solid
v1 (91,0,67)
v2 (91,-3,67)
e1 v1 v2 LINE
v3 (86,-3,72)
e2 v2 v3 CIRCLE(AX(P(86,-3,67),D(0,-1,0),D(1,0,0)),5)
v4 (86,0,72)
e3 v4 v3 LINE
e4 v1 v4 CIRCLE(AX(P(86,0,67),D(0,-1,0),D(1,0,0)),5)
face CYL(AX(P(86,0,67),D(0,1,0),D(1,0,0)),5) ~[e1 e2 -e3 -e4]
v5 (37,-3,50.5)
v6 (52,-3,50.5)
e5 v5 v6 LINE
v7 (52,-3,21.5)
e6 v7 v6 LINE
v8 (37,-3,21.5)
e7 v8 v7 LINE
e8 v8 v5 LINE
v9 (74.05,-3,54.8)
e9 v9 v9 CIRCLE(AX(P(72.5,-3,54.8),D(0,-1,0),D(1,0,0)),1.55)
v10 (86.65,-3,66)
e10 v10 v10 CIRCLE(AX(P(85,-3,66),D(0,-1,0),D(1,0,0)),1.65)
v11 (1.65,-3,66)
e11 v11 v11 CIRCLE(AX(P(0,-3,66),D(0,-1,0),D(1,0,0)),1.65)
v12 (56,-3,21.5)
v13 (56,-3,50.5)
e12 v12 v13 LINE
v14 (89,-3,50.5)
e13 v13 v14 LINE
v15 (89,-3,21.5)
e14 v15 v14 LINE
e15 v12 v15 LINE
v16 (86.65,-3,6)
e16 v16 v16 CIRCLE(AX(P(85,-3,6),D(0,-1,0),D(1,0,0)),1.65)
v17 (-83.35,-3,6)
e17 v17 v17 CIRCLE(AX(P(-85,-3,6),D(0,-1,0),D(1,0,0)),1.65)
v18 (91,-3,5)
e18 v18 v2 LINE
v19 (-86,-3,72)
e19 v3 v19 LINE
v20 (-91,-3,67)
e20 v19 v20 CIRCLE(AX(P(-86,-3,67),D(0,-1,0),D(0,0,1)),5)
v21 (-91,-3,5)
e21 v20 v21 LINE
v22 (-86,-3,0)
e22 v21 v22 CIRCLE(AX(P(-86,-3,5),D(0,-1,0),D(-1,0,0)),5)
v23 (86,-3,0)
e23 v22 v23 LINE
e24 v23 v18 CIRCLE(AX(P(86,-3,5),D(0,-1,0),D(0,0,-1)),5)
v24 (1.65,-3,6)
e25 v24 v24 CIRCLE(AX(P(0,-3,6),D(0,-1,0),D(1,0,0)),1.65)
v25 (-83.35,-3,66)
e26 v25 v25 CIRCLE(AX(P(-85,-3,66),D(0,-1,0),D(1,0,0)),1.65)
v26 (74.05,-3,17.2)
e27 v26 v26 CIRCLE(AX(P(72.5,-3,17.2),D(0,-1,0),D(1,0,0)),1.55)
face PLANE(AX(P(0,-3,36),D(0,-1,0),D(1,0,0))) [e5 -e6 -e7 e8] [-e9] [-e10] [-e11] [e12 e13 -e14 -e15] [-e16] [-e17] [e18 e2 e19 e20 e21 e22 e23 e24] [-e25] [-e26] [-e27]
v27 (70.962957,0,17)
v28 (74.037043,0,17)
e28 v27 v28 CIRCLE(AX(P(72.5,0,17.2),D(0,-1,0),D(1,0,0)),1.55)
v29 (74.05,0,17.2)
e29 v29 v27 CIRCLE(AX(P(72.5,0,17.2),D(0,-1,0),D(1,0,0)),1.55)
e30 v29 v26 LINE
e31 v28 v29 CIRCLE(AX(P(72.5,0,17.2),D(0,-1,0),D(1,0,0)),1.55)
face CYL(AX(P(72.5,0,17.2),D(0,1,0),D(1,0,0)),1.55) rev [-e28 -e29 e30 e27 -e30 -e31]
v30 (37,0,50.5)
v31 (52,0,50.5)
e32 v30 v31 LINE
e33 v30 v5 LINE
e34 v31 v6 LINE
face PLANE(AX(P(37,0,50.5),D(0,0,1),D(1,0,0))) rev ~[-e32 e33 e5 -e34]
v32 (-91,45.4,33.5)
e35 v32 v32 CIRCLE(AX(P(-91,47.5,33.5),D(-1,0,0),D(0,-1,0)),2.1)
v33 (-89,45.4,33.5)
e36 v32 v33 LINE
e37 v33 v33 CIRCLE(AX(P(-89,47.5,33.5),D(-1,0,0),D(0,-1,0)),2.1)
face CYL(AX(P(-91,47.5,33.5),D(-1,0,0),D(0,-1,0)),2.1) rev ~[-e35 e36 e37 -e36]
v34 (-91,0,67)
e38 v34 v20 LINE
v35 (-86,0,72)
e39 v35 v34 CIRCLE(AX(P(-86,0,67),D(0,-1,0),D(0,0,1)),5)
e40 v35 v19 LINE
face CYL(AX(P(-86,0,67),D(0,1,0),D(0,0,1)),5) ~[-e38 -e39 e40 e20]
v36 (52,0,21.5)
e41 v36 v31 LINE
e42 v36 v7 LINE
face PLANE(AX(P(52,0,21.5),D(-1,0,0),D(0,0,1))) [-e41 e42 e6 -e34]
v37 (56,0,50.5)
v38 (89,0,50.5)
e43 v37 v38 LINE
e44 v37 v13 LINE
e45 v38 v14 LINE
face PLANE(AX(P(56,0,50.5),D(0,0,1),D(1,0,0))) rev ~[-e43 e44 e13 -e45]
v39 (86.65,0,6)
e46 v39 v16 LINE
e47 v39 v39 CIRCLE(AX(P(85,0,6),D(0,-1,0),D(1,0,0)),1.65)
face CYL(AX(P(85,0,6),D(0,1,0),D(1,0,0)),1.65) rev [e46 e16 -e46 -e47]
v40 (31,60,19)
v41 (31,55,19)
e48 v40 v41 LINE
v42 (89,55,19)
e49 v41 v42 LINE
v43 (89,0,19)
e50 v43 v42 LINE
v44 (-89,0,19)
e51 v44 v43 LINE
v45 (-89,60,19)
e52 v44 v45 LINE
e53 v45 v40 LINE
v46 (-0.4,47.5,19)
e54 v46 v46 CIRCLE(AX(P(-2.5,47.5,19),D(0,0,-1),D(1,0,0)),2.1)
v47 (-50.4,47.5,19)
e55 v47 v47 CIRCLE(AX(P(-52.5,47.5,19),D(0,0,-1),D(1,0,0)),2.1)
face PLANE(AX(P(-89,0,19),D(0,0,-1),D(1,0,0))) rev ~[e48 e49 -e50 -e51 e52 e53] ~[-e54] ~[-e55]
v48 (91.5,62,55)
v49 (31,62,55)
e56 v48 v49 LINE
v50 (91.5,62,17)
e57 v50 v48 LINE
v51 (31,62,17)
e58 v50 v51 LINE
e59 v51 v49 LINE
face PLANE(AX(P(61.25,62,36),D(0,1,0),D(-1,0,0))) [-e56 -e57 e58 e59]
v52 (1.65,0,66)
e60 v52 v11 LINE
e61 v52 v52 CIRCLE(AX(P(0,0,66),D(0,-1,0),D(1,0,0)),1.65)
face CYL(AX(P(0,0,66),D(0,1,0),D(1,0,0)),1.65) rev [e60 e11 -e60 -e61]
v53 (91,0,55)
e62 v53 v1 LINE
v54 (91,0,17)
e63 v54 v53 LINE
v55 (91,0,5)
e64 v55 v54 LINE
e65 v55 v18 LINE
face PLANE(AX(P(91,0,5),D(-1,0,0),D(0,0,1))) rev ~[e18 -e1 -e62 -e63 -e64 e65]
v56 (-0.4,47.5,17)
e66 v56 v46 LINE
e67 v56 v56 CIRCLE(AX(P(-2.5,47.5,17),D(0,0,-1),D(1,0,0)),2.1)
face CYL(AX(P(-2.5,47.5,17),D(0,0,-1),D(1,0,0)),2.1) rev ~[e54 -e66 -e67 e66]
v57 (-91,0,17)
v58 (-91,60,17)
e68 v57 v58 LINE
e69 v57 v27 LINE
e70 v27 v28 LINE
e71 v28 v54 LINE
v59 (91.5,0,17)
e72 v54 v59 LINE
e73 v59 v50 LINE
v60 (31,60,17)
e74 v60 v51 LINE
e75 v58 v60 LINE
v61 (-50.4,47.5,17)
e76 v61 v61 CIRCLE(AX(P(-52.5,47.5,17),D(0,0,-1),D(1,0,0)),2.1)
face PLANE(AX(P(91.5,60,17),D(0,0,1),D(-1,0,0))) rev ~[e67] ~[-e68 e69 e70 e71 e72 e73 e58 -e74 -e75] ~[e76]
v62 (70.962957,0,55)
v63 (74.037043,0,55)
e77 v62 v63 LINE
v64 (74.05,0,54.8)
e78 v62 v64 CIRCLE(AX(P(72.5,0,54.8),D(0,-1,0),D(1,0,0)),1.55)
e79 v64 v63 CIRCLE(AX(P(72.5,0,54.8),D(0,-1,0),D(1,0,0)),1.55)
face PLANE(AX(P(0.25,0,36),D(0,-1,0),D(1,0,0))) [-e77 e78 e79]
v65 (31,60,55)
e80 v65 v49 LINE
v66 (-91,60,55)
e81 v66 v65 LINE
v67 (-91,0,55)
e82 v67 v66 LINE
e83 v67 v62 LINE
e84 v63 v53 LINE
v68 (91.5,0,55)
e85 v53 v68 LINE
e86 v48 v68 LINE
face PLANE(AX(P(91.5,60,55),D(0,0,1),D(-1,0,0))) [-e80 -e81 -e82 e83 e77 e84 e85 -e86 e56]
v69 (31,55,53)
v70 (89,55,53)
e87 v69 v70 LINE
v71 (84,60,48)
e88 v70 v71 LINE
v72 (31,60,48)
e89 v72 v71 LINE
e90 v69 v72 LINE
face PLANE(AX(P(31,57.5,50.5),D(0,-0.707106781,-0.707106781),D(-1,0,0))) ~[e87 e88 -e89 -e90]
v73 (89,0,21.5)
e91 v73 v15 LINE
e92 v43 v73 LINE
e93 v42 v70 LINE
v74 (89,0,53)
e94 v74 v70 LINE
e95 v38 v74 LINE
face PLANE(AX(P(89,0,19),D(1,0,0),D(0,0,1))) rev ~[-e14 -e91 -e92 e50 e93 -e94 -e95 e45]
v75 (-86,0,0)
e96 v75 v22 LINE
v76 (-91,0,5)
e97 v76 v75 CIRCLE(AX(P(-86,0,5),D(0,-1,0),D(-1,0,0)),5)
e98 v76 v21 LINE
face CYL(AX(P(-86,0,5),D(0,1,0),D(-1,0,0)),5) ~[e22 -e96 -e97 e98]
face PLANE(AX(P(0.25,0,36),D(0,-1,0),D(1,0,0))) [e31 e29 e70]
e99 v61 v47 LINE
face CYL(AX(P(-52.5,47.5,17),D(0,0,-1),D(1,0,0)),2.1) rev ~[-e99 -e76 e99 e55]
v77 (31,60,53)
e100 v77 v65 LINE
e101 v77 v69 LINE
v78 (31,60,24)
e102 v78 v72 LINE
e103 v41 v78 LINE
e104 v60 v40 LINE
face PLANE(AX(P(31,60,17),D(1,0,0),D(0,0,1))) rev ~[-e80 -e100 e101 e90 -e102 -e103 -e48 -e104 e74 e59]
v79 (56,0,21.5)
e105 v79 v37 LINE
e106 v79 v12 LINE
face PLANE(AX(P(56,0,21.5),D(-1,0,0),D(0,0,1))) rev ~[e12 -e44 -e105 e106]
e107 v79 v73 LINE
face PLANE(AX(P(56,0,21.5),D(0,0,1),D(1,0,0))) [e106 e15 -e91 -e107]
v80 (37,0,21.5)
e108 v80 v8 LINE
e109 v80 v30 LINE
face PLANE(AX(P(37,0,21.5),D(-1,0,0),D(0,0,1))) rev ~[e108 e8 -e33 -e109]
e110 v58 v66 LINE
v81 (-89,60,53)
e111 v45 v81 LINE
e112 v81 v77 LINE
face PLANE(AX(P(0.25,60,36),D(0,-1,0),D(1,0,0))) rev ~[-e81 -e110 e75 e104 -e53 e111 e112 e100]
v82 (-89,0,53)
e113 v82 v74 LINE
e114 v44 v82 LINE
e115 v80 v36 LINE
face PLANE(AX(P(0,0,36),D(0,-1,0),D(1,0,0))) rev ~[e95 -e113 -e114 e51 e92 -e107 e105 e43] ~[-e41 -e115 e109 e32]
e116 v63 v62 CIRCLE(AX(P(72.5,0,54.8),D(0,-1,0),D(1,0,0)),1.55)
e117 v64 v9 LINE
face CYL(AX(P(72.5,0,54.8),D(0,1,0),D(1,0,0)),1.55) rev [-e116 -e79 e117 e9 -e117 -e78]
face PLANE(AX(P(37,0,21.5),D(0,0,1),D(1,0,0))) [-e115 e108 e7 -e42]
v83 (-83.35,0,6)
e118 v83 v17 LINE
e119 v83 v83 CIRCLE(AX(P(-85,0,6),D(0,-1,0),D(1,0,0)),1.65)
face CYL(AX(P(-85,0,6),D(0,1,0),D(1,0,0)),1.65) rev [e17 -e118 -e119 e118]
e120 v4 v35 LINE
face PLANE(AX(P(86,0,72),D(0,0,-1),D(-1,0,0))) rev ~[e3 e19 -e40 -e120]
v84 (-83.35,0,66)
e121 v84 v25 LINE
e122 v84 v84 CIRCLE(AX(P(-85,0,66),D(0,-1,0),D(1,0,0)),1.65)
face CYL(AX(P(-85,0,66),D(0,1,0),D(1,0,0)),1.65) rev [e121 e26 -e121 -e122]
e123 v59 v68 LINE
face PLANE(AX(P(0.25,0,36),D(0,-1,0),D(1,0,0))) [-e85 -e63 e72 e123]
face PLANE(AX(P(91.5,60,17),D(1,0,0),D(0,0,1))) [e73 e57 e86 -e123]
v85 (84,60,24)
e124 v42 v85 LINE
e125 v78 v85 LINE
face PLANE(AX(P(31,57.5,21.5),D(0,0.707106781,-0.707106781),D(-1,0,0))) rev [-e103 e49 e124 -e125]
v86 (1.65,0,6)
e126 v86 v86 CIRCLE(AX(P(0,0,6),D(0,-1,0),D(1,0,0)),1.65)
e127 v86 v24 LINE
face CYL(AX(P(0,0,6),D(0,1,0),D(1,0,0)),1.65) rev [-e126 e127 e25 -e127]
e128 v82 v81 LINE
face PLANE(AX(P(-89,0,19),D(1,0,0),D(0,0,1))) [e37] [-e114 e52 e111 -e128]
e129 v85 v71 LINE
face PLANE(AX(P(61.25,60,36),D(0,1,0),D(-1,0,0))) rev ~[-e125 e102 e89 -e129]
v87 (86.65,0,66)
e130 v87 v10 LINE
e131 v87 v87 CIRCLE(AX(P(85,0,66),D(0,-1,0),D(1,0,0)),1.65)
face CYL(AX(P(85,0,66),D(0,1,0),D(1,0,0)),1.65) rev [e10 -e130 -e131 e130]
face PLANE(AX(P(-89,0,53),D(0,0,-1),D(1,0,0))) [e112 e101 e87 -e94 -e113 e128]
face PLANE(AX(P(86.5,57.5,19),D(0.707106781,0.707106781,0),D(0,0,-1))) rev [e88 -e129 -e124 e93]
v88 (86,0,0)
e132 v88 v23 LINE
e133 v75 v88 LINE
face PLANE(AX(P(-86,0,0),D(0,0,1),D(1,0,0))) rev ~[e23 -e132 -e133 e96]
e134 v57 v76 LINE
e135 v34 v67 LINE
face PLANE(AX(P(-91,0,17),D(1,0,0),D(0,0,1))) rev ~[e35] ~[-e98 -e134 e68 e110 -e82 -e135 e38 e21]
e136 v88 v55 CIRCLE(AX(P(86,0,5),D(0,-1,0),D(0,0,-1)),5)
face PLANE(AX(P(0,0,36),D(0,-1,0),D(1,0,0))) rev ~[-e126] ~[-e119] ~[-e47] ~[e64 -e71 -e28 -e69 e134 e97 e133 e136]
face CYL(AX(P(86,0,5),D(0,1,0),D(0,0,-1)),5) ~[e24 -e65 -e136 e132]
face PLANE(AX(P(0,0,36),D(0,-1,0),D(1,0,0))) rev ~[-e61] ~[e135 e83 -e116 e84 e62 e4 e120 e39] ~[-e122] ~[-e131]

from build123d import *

# Parameters (mm, degrees)
F0_R     = 1.65
F0_R_2   = 1.55
F0_W     = 15
F0_H     = 29
F0_W_2   = 33
F1_DEPTH = 3
F2_W     = 182.5
F2_H     = 38
F2_W_2   = 178
F2_H_2   = 34
F3_DEPTH = 60
F4_R     = 2.1
F5_DEPTH = 25
F6_R     = 2.1
F7_DEPTH = 25
F8_W     = 60.5
F8_H     = 38
F9_DEPTH = 2
F10_SIZE = 5


with BuildPart() as f1:
    # F0 (on Front) → F1 (new body)
    with BuildSketch(Plane.XZ):
        with BuildLine():
            Line((86, 72), (-86, 72))
            ThreePointArc((-86, 72), (-89.5355339059, 70.5355339059), (-91, 67))
            Line((-91, 67), (-91, 5))
            ThreePointArc((-91, 5), (-89.5355339059, 1.4644660941), (-86, 0))
            Line((-86, 0), (86, 0))
            ThreePointArc((86, 0), (89.5355339059, 1.4644660941), (91, 5))
            Line((91, 5), (91, 67))
            ThreePointArc((91, 67), (89.5355339059, 70.5355339059), (86, 72))
        make_face()
        with Locations((-85, 6)):
            Circle(F0_R, mode=Mode.SUBTRACT)
        with Locations((0, 6)):
            Circle(F0_R, mode=Mode.SUBTRACT)
        with Locations((85, 6)):
            Circle(F0_R, mode=Mode.SUBTRACT)
        with Locations((72.5, 17.2)):
            Circle(F0_R_2, mode=Mode.SUBTRACT)
        with Locations((44.5, 36)):
            Rectangle(F0_W, F0_H, mode=Mode.SUBTRACT)
        with Locations((72.5, 36)):
            Rectangle(F0_W_2, F0_H, mode=Mode.SUBTRACT)
        with Locations((-85, 66)):
            Circle(F0_R, mode=Mode.SUBTRACT)
        with Locations((0, 66)):
            Circle(F0_R, mode=Mode.SUBTRACT)
        with Locations((72.5, 54.8)):
            Circle(F0_R_2, mode=Mode.SUBTRACT)
        with Locations((85, 66)):
            Circle(F0_R, mode=Mode.SUBTRACT)
    extrude(amount=F1_DEPTH)

    # F2 (on face) → F3 (join)
    with BuildSketch(Plane.XZ):
        with Locations((0.25, 36)):
            Rectangle(F2_W, F2_H)
        with Locations((0, 36)):
            Rectangle(F2_W_2, F2_H_2, mode=Mode.SUBTRACT)
    extrude(amount=-F3_DEPTH)

    # F4 (on face) → F5 (cut)
    with BuildSketch(Plane(origin=(0, 0, 17), x_dir=(1, 0, 0), z_dir=(0, 0, -1))):
        with Locations((-52.5, -47.5)):
            Circle(F4_R)
        with Locations((-2.5, -47.5)):
            Circle(F4_R)
    extrude(amount=-F5_DEPTH, mode=Mode.SUBTRACT)

    # F6 (on face) → F7 (cut)
    with BuildSketch(Plane(origin=(-91, 0, 0), x_dir=(0, -1, 0), z_dir=(-1, 0, 0))):
        with Locations((-47.5, 33.5)):
            Circle(F6_R)
    extrude(amount=-F7_DEPTH, mode=Mode.SUBTRACT)

    # F8 (on face) → F9 (join)
    with BuildSketch(Plane(origin=(0, 60, 0), x_dir=(-1, 0, 0), z_dir=(0, 1, 0))):
        with Locations((-61.25, 36)):
            Rectangle(F8_W, F8_H)
    extrude(amount=F9_DEPTH)

    # F10
    f10_edges = [f1.edges().sort_by_distance(p)[0] for p in [
        (89, 60, 36),
        (60, 60, 53),
        (60, 60, 19),
    ]]
    chamfer(f10_edges, length=F10_SIZE)


solid = f1.part
